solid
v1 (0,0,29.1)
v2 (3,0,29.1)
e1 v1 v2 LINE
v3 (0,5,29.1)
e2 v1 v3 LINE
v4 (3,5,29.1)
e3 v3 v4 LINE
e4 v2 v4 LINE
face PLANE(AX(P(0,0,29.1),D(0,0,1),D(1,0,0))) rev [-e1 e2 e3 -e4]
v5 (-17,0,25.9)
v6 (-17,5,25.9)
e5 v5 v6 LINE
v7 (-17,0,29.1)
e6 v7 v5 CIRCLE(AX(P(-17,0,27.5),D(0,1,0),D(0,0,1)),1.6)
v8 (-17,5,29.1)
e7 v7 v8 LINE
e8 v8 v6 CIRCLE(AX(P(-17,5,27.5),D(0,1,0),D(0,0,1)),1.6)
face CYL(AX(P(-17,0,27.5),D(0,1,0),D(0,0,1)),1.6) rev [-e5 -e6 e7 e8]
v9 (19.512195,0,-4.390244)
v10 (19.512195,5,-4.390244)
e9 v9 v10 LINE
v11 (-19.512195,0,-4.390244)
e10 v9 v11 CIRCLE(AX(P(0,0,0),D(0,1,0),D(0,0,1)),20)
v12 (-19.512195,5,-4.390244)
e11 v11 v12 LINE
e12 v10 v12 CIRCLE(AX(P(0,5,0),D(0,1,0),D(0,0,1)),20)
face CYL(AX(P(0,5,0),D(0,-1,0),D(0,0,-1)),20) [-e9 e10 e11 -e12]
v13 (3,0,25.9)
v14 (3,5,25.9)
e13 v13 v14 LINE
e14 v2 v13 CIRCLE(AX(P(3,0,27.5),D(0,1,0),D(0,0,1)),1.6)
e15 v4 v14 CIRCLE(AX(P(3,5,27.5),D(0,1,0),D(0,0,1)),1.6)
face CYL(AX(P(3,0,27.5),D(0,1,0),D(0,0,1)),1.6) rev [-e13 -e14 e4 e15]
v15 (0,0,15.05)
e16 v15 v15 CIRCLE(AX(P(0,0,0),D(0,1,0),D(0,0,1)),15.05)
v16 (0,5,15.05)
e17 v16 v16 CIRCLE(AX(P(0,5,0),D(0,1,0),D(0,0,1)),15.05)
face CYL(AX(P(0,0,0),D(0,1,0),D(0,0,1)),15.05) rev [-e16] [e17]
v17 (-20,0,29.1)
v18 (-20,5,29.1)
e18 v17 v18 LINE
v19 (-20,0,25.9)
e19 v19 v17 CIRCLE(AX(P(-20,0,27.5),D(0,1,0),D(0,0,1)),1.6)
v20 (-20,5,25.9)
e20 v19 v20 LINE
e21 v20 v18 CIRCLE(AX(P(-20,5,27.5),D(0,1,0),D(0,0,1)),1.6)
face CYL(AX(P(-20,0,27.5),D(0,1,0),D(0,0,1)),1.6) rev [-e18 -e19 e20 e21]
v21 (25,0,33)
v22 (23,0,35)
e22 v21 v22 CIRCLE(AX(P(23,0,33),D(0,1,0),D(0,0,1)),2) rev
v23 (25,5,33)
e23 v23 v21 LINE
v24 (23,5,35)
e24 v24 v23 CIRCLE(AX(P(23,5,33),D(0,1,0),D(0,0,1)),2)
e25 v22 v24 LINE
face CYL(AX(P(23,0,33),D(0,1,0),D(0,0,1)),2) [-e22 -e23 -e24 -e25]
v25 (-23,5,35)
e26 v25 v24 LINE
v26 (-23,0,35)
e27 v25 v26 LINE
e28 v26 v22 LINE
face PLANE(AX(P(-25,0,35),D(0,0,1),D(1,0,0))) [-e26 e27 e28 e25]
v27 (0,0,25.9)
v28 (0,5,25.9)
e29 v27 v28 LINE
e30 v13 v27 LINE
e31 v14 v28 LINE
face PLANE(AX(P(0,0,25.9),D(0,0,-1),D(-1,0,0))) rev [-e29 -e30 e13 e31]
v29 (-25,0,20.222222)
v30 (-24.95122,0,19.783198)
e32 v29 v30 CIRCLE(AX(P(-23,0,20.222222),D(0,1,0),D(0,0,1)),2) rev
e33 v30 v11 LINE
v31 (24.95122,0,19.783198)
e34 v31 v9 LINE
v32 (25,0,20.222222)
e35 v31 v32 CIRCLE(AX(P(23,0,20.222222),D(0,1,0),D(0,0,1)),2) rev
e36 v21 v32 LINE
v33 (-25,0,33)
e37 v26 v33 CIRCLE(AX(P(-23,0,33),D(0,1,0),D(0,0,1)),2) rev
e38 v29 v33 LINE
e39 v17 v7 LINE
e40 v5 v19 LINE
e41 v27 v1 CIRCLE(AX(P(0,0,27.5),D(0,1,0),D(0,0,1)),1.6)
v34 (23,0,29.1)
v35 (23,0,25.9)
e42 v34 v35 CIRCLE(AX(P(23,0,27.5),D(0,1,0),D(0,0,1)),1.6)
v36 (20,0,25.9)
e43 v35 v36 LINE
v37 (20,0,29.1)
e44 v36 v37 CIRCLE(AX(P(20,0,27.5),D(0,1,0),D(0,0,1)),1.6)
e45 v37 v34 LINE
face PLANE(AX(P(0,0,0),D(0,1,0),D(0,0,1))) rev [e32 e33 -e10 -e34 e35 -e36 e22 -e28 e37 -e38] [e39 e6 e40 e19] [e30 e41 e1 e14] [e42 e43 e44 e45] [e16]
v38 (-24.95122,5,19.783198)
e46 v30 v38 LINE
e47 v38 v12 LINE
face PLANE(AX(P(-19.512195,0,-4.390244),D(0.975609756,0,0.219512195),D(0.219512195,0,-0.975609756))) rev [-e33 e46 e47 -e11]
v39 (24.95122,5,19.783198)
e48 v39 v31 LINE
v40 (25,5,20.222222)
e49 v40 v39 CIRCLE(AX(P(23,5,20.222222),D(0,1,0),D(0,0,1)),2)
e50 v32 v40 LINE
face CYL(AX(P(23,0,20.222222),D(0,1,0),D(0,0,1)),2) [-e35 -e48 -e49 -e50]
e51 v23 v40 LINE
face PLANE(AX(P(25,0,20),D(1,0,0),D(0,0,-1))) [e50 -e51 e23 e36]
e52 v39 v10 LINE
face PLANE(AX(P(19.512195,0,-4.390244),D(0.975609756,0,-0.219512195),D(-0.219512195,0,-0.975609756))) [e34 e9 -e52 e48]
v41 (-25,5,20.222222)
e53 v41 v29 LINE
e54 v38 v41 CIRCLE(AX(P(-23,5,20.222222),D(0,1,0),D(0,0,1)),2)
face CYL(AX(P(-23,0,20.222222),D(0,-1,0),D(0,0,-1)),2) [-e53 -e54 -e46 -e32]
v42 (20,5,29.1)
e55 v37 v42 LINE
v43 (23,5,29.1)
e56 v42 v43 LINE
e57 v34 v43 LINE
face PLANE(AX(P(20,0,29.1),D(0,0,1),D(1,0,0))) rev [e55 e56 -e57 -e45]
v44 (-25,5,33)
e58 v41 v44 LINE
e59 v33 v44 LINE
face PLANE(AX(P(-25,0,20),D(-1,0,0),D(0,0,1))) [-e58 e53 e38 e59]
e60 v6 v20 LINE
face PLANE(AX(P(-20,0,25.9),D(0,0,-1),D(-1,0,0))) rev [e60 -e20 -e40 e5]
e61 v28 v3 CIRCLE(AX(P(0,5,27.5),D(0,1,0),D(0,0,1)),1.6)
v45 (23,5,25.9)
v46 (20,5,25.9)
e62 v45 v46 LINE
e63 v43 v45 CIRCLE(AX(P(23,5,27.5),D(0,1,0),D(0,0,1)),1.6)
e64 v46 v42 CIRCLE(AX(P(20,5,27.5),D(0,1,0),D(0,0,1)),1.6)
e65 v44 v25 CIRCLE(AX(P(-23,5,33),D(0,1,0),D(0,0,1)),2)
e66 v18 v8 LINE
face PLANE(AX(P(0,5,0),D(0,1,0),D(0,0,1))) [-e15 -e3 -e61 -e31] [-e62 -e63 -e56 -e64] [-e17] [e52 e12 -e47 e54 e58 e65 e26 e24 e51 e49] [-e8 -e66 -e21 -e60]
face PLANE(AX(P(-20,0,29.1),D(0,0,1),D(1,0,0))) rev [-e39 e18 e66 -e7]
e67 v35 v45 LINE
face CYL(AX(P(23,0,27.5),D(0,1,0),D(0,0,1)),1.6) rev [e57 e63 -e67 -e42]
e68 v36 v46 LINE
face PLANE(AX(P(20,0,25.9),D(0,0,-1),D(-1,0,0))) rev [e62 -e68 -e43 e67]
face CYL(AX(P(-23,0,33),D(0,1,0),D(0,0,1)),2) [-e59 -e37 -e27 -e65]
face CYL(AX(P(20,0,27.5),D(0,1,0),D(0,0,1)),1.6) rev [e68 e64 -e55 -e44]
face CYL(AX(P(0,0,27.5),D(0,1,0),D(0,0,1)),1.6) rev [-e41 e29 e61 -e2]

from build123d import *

# Parameters (mm, degrees)
SKETCH_1_R          = 20
SKETCH_1_R_2        = 6.5
SKETCH_1_R_3        = 1.6
EXTRUDE_1_DEPTH     = 5
SKETCH_2_W          = 50
SKETCH_2_H          = 15
SKETCH_2_R          = 1.6
EXTRUDE_2_DEPTH     = 5
EXTRUDE_START       = -5
EXTRUDE_4_DEPTH     = 5
SKETCH_5_R          = 3.5
CUT_EXTRUDE_1_DEPTH = 3
FILLET_1_R          = 2
SKETCH_6_R          = 15.05
CUT_EXTRUDE_2_DEPTH = 44.301270189
CUT_EXTRUDE_3_DEPTH = 44.301270189


with BuildPart() as part:
    # 草图1 → 凸台-拉伸1 (new body)
    with BuildSketch(Plane(origin=(0, 0, 0), x_dir=(1, 0, 0), z_dir=(0, 1, 0))):
        with Locations(Location((0, 0, 0), (0, 0, 270))):
            Circle(SKETCH_1_R)
        with Locations(Location((0, 0, 0), (0, 0, 270))):
            Circle(SKETCH_1_R_2, mode=Mode.SUBTRACT)
        with Locations(Location((0, 9.5, 0), (0, 0, 270))):
            Circle(SKETCH_1_R_3, mode=Mode.SUBTRACT)
        with Locations(Location((8.227241336, -4.75, 0), (0, 0, 270))):
            Circle(SKETCH_1_R_3, mode=Mode.SUBTRACT)
        with Locations(Location((-8.227241336, -4.75, 0), (0, 0, 270))):
            Circle(SKETCH_1_R_3, mode=Mode.SUBTRACT)
    extrude(amount=EXTRUDE_1_DEPTH)



with BuildPart() as body_2:
    # 草图2 → 凸台-拉伸2 (new body)
    with BuildSketch(Plane(origin=(0, 5, 0), x_dir=(1, 0, 0), z_dir=(0, 1, 0))):
        with Locations((0, -27.5)):
            Rectangle(SKETCH_2_W, SKETCH_2_H)
        with Locations(Location((-20, -27.5, 0), (0, 0, 270))):
            Circle(SKETCH_2_R, mode=Mode.SUBTRACT)
        with Locations(Location((20, -27.5, 0), (0, 0, 270))):
            Circle(SKETCH_2_R, mode=Mode.SUBTRACT)
        with Locations(Location((0, -27.5, 0), (0, 0, 270))):
            Circle(SKETCH_2_R, mode=Mode.SUBTRACT)
    extrude(amount=-EXTRUDE_2_DEPTH)


with BuildPart() as part_1:
    add(part.part)

    add(body_2.part)  # 凸台-拉伸4 merges body 2
    # 草图4 → 凸台-拉伸4 (add)
    with BuildSketch(Plane(origin=(0, 5, 0), x_dir=(1, 0, 0), z_dir=(0, 1, 0)).offset(EXTRUDE_START)):
        with BuildLine():
            Line((-19.512195122, 4.390243902), (-25, -20))
            Line((-25, -20), (0, -20))
            ThreePointArc((0, -20), (-15.617376189, -12.493900951), (-19.512195122, 4.390243902))
        make_face()
        with BuildLine():
            ThreePointArc((20, 0), (14.142135624, -14.142135624), (0, -20))
            Line((0, -20), (25, -20))
            Line((25, -20), (19.512195122, 4.390243902))
            ThreePointArc((19.512195122, 4.390243902), (19.877674693, 2.208630521), (20, 0))
        make_face()
    extrude(amount=EXTRUDE_4_DEPTH)

    # 草图5 → 切除-拉伸1 (cut)
    with BuildSketch(Plane(origin=(0, 5, 0), x_dir=(1, 0, 0), z_dir=(0, 1, 0))):
        with Locations((-8.227241336, -4.75)):
            Circle(SKETCH_5_R)
        with Locations((8.227241336, -4.75)):
            Circle(SKETCH_5_R)
        with Locations((0, 9.5)):
            Circle(SKETCH_5_R)
    extrude(amount=-CUT_EXTRUDE_1_DEPTH, mode=Mode.SUBTRACT)

    # 圆角1
    fillet_1_edges = [part_1.edges().sort_by_distance(p)[0] for p in [
        (-25, 2.5, 20),
        (25, 2.5, 20),
        (25, 2.5, 35),
        (-25, 2.5, 35),
    ]]
    fillet(fillet_1_edges, radius=FILLET_1_R)

    # 草图6 → 切除-拉伸2 (cut, through all)
    with BuildSketch(Plane(origin=(0, 5, 0), x_dir=(1, 0, 0), z_dir=(0, 1, 0))):
        with Locations(Location((0, 0, 0), (0, 0, 270))):
            Circle(SKETCH_6_R)
    extrude(amount=-CUT_EXTRUDE_2_DEPTH, mode=Mode.SUBTRACT)

    # 草图7 → 切除-拉伸3 (cut, through all)
    with BuildSketch(Plane(origin=(0, 5, 0), x_dir=(1, 0, 0), z_dir=(0, 1, 0))):
        with BuildLine():
            Line((-20, -25.9), (-17, -25.9))
            ThreePointArc((-17, -25.9), (-15.4, -27.5), (-17, -29.1))
            Line((-17, -29.1), (-20, -29.1))
            ThreePointArc((-20, -29.1), (-21.6, -27.5), (-20, -25.9))
        make_face()
        with BuildLine():
            Line((0, -25.9), (3, -25.9))
            ThreePointArc((3, -25.9), (4.6, -27.5), (3, -29.1))
            Line((3, -29.1), (0, -29.1))
            ThreePointArc((0, -29.1), (-1.6, -27.5), (0, -25.9))
        make_face()
        with BuildLine():
            Line((20, -25.9), (23, -25.9))
            ThreePointArc((23, -25.9), (24.6, -27.5), (23, -29.1))
            Line((23, -29.1), (20, -29.1))
            ThreePointArc((20, -29.1), (18.4, -27.5), (20, -25.9))
        make_face()
    extrude(amount=-CUT_EXTRUDE_3_DEPTH, mode=Mode.SUBTRACT)


solid = part_1.part
